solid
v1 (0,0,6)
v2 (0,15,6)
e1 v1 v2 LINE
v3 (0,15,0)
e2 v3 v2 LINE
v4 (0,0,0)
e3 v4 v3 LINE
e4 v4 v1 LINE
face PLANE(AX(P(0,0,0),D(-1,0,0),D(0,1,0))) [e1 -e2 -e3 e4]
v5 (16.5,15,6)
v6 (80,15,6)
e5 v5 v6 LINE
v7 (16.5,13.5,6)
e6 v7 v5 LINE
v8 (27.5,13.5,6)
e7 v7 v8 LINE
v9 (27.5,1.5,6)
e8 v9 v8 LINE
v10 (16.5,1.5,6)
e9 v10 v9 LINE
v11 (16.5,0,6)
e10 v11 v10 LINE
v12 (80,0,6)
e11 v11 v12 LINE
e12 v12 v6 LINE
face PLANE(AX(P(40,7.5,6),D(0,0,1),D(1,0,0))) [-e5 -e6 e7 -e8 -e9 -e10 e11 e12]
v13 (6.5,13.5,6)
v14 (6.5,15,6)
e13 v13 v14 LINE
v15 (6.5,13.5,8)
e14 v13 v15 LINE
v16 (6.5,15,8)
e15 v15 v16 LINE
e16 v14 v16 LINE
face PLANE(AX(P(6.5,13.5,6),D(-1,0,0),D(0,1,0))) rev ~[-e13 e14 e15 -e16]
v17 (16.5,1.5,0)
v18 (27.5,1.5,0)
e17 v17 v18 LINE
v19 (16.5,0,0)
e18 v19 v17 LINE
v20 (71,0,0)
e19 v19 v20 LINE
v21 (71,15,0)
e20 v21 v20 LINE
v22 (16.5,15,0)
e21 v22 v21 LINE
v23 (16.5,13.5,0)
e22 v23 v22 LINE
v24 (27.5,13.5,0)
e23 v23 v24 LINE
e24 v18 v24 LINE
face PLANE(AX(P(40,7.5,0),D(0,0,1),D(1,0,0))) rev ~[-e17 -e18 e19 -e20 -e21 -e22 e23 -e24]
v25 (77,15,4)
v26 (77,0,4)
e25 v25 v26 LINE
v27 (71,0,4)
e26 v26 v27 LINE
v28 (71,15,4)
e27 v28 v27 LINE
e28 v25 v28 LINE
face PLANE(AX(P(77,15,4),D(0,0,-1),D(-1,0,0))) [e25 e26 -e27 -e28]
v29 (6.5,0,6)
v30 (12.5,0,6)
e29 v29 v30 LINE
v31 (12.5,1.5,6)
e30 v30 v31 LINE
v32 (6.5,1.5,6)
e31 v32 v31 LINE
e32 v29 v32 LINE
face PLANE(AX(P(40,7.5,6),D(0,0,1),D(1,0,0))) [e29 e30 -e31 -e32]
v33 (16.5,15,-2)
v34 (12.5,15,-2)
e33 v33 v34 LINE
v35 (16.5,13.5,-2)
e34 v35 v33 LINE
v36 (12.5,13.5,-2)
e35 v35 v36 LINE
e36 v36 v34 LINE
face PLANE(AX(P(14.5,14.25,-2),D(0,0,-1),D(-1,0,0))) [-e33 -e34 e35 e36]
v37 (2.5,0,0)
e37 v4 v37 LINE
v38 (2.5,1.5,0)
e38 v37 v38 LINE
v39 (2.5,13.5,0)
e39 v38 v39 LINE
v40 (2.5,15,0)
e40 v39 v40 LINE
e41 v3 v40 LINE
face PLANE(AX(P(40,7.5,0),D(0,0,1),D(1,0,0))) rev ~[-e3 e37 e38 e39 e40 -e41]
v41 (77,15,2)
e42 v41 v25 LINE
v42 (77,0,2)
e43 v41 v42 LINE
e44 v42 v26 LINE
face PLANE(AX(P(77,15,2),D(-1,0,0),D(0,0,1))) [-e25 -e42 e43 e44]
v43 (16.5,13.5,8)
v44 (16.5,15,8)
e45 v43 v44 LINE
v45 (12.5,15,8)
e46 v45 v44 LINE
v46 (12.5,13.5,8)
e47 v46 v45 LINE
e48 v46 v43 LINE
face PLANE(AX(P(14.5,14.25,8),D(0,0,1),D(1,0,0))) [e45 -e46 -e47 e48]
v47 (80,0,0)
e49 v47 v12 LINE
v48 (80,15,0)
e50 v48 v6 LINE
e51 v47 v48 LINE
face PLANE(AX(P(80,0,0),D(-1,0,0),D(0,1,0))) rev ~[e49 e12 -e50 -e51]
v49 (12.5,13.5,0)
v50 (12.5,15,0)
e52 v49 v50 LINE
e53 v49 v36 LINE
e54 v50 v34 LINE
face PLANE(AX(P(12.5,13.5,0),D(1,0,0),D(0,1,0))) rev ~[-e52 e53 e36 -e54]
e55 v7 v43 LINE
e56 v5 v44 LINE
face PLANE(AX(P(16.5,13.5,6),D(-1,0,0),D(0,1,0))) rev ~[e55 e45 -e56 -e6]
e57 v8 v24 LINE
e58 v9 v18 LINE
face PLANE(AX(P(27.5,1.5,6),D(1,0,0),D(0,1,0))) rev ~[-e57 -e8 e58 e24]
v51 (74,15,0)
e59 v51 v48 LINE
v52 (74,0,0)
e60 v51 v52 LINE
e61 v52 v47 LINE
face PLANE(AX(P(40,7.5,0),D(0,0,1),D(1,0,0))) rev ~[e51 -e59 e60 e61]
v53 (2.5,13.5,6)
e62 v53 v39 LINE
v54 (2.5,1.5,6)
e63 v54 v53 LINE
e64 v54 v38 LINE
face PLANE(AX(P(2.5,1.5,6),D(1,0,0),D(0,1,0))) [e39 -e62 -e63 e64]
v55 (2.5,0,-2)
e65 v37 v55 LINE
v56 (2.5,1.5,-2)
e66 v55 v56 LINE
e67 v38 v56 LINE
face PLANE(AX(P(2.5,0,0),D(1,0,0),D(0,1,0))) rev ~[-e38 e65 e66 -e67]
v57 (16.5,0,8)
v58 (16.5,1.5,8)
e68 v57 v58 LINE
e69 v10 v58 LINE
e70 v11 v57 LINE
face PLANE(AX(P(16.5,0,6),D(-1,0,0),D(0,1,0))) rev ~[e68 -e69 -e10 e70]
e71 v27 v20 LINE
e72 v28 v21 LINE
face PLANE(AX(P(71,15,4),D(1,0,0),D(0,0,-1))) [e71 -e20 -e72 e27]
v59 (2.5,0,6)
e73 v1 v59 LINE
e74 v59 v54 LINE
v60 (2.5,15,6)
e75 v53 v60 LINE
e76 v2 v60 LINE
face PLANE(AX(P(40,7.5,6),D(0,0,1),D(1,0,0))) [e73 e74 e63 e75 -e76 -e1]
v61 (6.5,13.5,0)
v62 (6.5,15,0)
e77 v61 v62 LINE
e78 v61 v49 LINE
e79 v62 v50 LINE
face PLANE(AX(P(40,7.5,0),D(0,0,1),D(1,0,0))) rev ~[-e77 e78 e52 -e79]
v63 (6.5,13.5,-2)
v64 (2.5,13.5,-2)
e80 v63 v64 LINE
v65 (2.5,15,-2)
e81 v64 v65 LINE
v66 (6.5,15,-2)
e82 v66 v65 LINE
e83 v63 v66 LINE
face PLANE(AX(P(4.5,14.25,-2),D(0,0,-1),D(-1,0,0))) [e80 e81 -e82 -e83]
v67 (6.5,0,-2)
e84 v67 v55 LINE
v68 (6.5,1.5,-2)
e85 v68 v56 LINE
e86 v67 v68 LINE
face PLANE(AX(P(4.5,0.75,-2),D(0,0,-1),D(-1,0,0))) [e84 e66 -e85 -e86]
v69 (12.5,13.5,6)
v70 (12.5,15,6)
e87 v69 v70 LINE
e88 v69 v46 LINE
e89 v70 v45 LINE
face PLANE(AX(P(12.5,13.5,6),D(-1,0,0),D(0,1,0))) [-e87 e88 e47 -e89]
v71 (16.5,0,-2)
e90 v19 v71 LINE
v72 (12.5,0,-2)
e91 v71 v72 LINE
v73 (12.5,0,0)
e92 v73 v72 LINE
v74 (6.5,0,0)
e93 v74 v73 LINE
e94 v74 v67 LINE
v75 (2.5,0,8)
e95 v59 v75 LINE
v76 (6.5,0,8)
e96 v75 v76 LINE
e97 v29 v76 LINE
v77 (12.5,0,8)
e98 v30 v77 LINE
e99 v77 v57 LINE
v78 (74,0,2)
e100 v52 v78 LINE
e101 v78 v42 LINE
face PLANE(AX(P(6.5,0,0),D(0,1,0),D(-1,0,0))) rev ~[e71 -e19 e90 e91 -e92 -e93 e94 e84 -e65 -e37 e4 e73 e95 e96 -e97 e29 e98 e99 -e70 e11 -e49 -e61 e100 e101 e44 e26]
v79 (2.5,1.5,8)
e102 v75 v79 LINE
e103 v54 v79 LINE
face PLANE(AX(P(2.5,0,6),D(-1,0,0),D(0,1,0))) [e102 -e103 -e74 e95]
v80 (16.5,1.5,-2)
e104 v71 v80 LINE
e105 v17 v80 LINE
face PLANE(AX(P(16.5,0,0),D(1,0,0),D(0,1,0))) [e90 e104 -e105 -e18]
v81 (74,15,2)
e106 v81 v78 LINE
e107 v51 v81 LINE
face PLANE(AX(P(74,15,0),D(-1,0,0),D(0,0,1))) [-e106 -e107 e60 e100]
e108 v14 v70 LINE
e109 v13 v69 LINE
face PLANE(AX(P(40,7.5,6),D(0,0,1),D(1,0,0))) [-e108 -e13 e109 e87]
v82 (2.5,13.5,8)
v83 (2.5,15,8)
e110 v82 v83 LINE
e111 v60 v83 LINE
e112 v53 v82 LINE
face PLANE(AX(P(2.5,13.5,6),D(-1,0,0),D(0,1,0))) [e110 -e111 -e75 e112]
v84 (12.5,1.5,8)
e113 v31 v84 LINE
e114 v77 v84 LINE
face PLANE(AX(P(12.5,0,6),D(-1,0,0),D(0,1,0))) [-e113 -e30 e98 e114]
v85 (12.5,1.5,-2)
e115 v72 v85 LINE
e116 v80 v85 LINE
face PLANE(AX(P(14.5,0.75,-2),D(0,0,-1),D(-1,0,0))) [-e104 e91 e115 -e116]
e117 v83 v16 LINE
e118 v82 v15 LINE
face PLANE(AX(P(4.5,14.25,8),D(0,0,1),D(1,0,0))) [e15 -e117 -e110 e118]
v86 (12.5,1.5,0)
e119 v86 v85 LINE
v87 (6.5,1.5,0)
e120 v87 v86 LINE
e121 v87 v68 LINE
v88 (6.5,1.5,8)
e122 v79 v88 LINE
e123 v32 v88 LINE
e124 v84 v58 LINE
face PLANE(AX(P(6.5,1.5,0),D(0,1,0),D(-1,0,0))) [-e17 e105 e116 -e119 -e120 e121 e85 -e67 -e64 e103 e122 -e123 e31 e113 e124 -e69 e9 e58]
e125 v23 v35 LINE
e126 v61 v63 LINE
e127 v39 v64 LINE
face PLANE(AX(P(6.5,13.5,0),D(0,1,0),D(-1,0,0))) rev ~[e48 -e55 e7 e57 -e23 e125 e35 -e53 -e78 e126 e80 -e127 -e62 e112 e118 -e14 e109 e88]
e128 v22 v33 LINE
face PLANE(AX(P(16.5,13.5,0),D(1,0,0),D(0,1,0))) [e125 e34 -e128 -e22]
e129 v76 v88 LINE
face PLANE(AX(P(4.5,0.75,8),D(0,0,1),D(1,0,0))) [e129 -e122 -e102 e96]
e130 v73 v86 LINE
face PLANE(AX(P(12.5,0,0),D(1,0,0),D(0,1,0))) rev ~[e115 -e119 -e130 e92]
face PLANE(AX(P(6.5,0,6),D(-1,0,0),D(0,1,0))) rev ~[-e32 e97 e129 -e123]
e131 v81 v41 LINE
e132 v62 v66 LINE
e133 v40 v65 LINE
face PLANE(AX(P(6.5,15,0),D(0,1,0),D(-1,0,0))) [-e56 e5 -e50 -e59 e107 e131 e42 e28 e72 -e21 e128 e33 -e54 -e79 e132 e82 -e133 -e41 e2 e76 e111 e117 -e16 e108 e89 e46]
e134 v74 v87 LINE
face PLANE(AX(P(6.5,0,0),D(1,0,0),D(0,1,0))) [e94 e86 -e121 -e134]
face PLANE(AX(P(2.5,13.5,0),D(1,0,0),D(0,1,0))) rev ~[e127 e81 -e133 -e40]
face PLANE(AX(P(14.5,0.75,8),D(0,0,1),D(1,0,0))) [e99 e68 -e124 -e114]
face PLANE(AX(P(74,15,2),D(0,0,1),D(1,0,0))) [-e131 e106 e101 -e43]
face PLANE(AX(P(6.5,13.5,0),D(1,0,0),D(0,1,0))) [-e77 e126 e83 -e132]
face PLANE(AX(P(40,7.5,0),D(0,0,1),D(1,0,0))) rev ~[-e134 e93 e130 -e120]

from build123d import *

# Parameters (mm, degrees)
SKETCH1_W           = 80
SKETCH1_H           = 15
BOSS_EXTRUDE1_DEPTH = 6
CUT_EXTRUDE1_DEPTH  = 82.614949611
SKETCH3_W           = 25
SKETCH3_H           = 12
CUT_EXTRUDE2_DEPTH  = 82.614949611
SKETCH4_W           = 4
SKETCH4_H           = 1.5
BOSS_EXTRUDE2_DEPTH = 2
SKETCH5_W           = 4
SKETCH5_H           = 1.5
BOSS_EXTRUDE3_DEPTH = 2
SKETCH6_W           = 4
SKETCH6_H           = 1.5
BOSS_EXTRUDE4_DEPTH = 2
SKETCH7_W           = 4
SKETCH7_H           = 1.5
BOSS_EXTRUDE5_DEPTH = 2
SKETCH9_W           = 4
SKETCH9_H           = 1.5
BOSS_EXTRUDE6_DEPTH = 2
SKETCH10_W          = 4
SKETCH10_H          = 1.5
BOSS_EXTRUDE7_DEPTH = 2
SKETCH12_W          = 4
SKETCH12_H          = 1.5
BOSS_EXTRUDE8_DEPTH = 2
SKETCH12_3_W        = 4
SKETCH12_3_H        = 1.5
BOSS_EXTRUDE9_DEPTH = 2


with BuildPart() as part:
    # Sketch1 → Boss-Extrude1 (new body)
    with BuildSketch(Plane.XY):
        with Locations((40, 7.5)):
            Rectangle(SKETCH1_W, SKETCH1_H)
    extrude(amount=BOSS_EXTRUDE1_DEPTH)

    # Sketch2 → Cut-Extrude1 (cut, through all)
    with BuildSketch(Plane(origin=(0, 15, 0), x_dir=(1, 0, 0), z_dir=(0, 1, 0))):
        Polygon((74, 0), (74, -2), (77, -2), (77, -4), (71, -4), (71, 0), align=None)
    extrude(amount=-CUT_EXTRUDE1_DEPTH, mode=Mode.SUBTRACT)

    # Sketch3 → Cut-Extrude2 (cut, through all)
    with BuildSketch(Plane.XY.offset(6)):
        with Locations((15, 7.5)):
            Rectangle(SKETCH3_W, SKETCH3_H)
    extrude(amount=-CUT_EXTRUDE2_DEPTH, mode=Mode.SUBTRACT)

    # Sketch4 → Boss-Extrude2 (add)
    with BuildSketch(Plane.XY.offset(6)):
        with Locations((4.5, 14.25)):
            Rectangle(SKETCH4_W, SKETCH4_H)
    extrude(amount=BOSS_EXTRUDE2_DEPTH)

    # Sketch5 → Boss-Extrude3 (add)
    with BuildSketch(Plane.XY.offset(6)):
        with Locations((14.5, 14.25)):
            Rectangle(SKETCH5_W, SKETCH5_H)
    extrude(amount=BOSS_EXTRUDE3_DEPTH)

    # Sketch6 → Boss-Extrude4 (add)
    with BuildSketch(Plane.XY.offset(6)):
        with Locations((4.5, 0.75)):
            Rectangle(SKETCH6_W, SKETCH6_H)
    extrude(amount=BOSS_EXTRUDE4_DEPTH)

    # Sketch7 → Boss-Extrude5 (add)
    with BuildSketch(Plane.XY.offset(6)):
        with Locations((14.5, 0.75)):
            Rectangle(SKETCH7_W, SKETCH7_H)
    extrude(amount=BOSS_EXTRUDE5_DEPTH)

    # Sketch9 → Boss-Extrude6 (add)
    with BuildSketch(Plane(origin=(0, 0, 0), x_dir=(-1, 0, 0), z_dir=(0, 0, -1))):
        with Locations((-4.5, 14.25)):
            Rectangle(SKETCH9_W, SKETCH9_H)
    extrude(amount=BOSS_EXTRUDE6_DEPTH)

    # Sketch10 → Boss-Extrude7 (add)
    with BuildSketch(Plane(origin=(0, 0, 0), x_dir=(-1, 0, 0), z_dir=(0, 0, -1))):
        with Locations((-14.5, 14.25)):
            Rectangle(SKETCH10_W, SKETCH10_H)
    extrude(amount=BOSS_EXTRUDE7_DEPTH)

    # Sketch12 → Boss-Extrude8 (add)
    with BuildSketch(Plane(origin=(0, 0, 0), x_dir=(-1, 0, 0), z_dir=(0, 0, -1))):
        with Locations((-14.5, 0.75)):
            Rectangle(SKETCH12_W, SKETCH12_H)
    extrude(amount=BOSS_EXTRUDE8_DEPTH)

    # Sketch12<3> → Boss-Extrude9 (add)
    with BuildSketch(Plane(origin=(0, 0, 0), x_dir=(-1, 0, 0), z_dir=(0, 0, -1))):
        with Locations((-4.5, 0.75)):
            Rectangle(SKETCH12_3_W, SKETCH12_3_H)
        with Locations((-14.5, 0.75)):
            Rectangle(SKETCH12_3_W, SKETCH12_3_H)
    extrude(amount=BOSS_EXTRUDE9_DEPTH)


solid = part.part
